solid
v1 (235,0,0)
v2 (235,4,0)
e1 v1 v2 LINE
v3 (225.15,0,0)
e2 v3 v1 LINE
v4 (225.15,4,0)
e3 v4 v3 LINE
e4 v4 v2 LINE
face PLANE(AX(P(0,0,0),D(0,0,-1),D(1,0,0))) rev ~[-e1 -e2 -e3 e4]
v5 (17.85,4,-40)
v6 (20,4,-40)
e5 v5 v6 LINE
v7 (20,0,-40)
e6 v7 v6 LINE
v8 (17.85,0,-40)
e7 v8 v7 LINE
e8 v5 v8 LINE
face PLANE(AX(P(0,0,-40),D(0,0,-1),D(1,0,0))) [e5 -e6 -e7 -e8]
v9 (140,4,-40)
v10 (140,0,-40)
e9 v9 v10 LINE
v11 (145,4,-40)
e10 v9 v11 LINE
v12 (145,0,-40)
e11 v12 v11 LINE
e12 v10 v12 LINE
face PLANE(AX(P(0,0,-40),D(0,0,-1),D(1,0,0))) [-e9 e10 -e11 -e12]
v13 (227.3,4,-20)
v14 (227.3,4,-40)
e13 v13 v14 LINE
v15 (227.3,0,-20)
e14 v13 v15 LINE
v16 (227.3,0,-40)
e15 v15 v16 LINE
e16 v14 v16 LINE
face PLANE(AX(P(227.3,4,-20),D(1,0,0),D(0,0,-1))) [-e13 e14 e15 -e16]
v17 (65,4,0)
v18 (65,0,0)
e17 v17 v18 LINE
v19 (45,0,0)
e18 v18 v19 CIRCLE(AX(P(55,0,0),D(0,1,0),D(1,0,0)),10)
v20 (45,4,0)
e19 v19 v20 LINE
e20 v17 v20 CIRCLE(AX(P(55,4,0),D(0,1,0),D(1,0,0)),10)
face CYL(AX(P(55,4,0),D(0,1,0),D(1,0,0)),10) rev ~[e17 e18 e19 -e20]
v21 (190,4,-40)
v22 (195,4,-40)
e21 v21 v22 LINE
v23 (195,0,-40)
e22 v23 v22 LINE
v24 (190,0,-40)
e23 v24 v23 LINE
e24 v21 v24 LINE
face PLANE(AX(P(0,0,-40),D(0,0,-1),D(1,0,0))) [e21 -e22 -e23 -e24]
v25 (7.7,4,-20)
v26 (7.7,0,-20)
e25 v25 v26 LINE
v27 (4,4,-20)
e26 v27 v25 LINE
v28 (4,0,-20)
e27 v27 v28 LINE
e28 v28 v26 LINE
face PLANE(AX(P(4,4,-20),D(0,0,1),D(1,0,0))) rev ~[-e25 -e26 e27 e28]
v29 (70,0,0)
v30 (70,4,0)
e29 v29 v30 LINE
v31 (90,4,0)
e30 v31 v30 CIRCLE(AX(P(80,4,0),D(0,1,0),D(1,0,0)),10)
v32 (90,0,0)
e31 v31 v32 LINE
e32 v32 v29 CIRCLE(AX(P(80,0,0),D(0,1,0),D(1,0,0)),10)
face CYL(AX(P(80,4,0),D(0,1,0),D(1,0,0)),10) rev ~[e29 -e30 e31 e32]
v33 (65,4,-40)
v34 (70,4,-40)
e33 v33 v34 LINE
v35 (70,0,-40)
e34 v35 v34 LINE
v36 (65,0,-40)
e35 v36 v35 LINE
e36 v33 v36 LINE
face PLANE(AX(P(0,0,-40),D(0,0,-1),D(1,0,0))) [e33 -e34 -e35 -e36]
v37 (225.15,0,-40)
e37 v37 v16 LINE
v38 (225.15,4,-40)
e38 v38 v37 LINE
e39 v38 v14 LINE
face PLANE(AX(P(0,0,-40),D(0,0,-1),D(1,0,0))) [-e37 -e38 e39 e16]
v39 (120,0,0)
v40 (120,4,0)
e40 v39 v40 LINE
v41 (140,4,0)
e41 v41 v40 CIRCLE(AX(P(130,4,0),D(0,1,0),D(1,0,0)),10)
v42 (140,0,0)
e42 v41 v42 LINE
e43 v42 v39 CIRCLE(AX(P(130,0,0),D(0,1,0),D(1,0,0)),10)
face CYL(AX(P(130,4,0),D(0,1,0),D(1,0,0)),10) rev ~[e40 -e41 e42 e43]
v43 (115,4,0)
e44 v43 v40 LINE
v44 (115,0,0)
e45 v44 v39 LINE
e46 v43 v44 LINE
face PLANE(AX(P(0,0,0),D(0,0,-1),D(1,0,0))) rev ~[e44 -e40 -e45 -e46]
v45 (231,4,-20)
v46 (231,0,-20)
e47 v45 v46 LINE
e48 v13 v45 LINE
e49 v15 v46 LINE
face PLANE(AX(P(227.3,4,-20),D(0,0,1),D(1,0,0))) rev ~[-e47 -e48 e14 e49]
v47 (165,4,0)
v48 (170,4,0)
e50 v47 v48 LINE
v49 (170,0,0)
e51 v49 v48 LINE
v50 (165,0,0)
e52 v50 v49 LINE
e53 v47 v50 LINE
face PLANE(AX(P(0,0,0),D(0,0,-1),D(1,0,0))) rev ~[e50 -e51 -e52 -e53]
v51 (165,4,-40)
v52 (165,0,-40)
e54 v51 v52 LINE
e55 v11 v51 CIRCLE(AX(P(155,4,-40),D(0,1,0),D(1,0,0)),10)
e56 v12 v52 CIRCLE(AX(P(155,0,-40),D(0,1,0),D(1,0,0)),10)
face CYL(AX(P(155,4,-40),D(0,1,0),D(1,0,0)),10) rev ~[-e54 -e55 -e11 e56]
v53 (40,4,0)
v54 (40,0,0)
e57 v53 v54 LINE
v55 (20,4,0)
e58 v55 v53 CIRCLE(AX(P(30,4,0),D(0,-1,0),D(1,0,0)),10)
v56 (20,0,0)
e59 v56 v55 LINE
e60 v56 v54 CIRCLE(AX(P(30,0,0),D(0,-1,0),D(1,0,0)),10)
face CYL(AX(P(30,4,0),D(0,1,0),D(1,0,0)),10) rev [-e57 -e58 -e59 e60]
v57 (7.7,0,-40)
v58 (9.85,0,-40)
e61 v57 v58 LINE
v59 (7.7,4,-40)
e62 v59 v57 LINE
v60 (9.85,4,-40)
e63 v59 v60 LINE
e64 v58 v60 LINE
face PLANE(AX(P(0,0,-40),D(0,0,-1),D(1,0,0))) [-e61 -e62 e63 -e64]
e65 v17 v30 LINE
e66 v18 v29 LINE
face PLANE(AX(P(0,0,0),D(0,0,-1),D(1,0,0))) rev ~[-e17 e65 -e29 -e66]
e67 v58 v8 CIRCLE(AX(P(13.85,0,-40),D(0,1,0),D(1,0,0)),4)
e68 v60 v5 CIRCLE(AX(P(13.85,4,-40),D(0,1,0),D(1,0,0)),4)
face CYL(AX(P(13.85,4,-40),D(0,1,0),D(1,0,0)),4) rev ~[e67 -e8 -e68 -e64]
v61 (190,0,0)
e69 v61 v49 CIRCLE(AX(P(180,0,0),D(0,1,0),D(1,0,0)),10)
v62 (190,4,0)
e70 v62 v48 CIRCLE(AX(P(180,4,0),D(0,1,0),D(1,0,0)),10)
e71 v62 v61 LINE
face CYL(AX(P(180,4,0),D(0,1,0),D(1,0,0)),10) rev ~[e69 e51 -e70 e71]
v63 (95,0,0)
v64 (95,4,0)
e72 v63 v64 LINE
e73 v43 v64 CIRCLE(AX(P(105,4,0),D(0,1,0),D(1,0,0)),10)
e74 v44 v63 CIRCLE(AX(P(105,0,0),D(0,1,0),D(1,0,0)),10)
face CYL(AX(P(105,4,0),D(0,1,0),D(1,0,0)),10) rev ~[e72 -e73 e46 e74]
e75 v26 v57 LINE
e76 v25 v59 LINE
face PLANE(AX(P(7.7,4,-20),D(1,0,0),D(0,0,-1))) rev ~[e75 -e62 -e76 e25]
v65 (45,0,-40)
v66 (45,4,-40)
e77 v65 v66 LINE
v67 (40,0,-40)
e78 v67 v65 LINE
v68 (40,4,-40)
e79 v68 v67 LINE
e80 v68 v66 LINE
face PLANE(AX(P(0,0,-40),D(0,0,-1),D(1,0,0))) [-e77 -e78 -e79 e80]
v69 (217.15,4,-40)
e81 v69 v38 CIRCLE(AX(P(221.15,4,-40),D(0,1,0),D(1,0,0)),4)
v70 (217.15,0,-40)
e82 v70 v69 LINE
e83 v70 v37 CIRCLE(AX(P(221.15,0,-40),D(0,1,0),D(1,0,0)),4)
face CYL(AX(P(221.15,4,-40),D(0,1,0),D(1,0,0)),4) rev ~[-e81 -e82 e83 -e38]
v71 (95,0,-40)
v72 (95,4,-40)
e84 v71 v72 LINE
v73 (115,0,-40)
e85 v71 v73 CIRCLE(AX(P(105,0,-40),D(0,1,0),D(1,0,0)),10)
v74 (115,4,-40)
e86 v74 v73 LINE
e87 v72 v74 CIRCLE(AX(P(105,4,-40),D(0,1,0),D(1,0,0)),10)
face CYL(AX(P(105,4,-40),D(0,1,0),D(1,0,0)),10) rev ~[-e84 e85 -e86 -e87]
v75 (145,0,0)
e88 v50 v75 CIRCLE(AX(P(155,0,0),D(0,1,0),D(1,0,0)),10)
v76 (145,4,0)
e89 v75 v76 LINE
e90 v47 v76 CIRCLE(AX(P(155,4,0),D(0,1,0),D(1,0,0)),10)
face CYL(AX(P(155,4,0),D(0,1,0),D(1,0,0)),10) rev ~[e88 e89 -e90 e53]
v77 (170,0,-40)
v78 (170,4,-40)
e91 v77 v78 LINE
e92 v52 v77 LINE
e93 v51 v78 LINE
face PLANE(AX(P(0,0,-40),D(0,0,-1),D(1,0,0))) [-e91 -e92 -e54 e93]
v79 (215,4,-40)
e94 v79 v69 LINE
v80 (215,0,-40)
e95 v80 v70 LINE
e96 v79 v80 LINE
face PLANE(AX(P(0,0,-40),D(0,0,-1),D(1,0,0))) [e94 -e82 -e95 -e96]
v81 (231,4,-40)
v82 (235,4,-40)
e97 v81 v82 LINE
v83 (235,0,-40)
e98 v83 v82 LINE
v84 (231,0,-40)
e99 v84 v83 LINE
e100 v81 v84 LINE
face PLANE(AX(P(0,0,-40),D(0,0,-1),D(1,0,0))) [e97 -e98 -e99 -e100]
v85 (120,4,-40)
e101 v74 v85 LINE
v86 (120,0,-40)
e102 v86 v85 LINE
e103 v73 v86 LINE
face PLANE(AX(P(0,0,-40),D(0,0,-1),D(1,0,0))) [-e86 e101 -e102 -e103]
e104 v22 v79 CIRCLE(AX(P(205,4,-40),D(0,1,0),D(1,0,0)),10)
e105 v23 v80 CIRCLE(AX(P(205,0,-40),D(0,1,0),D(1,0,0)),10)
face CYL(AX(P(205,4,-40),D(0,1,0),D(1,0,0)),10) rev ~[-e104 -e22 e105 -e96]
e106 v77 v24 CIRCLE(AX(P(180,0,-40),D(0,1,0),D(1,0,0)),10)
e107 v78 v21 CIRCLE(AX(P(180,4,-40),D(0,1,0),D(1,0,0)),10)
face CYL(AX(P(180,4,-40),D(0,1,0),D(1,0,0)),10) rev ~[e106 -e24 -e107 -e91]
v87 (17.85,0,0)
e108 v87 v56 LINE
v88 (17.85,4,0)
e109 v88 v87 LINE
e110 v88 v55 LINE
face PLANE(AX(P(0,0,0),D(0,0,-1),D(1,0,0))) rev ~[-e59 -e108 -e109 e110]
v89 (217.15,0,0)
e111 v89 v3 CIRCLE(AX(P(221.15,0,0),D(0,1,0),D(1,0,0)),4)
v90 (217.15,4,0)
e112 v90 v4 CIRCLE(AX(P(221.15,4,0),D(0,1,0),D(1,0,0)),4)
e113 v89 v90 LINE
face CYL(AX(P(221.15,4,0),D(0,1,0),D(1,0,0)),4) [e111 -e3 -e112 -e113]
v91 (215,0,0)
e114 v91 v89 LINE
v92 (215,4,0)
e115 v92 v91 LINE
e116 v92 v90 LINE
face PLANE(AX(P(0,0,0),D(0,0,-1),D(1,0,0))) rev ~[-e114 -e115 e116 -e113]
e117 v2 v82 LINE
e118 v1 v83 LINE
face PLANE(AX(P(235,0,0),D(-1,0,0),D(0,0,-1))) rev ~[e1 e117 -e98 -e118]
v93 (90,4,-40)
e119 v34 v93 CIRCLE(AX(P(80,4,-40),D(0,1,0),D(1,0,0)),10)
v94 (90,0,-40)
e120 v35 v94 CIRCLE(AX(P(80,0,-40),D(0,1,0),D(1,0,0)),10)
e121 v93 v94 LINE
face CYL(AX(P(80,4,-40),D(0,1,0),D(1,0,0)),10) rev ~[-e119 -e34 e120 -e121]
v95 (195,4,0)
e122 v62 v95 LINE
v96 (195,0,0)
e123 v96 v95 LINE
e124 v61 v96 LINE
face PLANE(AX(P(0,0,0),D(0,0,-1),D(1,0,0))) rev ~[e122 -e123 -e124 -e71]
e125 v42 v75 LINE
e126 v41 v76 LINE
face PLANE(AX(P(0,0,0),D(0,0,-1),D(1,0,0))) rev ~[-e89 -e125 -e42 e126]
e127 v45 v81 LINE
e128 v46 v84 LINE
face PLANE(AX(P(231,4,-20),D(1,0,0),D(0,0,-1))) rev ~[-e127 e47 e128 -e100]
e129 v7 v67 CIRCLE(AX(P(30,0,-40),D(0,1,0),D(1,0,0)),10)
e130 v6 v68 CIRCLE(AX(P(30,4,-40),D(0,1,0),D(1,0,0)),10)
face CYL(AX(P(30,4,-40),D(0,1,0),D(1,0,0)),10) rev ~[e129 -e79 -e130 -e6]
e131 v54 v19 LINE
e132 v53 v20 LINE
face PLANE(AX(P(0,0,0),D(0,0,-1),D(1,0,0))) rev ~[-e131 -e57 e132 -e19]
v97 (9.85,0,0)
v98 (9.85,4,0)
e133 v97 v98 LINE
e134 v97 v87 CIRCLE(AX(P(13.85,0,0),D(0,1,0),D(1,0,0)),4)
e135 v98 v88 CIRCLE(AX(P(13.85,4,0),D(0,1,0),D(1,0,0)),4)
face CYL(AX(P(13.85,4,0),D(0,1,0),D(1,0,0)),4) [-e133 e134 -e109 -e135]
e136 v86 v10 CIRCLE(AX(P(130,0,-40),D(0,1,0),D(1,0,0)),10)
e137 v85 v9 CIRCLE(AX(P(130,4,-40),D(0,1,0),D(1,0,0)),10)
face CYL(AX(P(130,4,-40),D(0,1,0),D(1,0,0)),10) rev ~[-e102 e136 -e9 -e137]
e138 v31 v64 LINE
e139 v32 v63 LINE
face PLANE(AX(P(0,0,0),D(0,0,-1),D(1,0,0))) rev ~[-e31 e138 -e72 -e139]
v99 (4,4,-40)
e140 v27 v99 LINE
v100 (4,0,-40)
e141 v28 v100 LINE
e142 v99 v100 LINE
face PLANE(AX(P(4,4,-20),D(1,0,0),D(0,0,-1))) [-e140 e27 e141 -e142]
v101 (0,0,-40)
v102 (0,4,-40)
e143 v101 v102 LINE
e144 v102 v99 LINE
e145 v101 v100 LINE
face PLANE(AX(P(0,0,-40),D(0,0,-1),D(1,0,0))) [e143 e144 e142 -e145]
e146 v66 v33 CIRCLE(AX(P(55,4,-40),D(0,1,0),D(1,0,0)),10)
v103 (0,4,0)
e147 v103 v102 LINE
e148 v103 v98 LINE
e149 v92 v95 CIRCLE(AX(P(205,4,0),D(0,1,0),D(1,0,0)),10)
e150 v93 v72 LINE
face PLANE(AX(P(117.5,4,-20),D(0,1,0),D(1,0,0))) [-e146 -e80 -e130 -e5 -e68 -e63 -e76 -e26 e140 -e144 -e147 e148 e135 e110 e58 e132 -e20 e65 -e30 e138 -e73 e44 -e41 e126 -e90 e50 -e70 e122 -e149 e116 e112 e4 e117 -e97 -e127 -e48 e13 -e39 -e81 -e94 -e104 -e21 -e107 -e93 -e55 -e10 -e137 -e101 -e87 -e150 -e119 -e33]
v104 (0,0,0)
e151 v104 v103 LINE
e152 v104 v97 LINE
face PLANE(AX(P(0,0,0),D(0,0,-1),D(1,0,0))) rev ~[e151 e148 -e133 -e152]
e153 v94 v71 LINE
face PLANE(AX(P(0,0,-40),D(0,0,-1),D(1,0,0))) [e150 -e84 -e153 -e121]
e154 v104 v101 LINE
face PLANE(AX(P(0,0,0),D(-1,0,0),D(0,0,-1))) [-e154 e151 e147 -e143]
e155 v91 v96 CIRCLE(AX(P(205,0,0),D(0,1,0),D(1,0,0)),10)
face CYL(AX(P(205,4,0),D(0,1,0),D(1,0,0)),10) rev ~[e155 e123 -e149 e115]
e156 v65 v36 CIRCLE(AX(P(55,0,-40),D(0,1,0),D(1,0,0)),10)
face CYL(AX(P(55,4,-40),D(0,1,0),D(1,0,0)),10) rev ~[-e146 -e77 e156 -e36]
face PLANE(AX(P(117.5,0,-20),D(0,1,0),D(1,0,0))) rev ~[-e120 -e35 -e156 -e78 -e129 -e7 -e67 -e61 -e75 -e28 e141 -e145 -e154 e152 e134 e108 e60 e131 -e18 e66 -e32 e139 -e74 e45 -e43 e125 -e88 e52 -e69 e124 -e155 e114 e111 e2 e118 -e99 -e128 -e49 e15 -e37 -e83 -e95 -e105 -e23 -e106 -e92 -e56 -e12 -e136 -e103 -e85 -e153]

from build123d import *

# Parameters (mm, degrees)
SKETCH1_W               = 235
SKETCH1_H               = 40
BOSS_EXTRUDE1_DEPTH     = 4
SKETCH2_W               = 3.7
SKETCH2_H               = 20
CUT_EXTRUDE1_DEPTH      = 4
SKETCH3_R               = 10
CUT_EXTRUDE2_DEPTH      = 4
LPATTERN1_COUNT         = 8
LPATTERN1_PITCH         = 25
SKETCH4_R               = 4
CUT_EXTRUDE3_DEPTH      = 4
SKETCH5_R               = 4
BOSS_EXTRUDE2_DEPTH     = 4
MIRROR1_COPY_1_SKETCH_R = 10
MIRROR1_COPY_1_DEPTH    = 4
MIRROR1_COPY_2_SKETCH_R = 10
MIRROR1_COPY_2_DEPTH    = 4
MIRROR1_COPY_3_SKETCH_R = 10
MIRROR1_COPY_3_DEPTH    = 4
MIRROR1_COPY_4_SKETCH_R = 10
MIRROR1_COPY_4_DEPTH    = 4
MIRROR1_COPY_5_SKETCH_R = 10
MIRROR1_COPY_5_DEPTH    = 4
MIRROR1_COPY_6_SKETCH_R = 10
MIRROR1_COPY_6_DEPTH    = 4
MIRROR1_COPY_7_SKETCH_R = 10
MIRROR1_COPY_7_DEPTH    = 4


with BuildPart() as part:
    # Sketch1 → Boss-Extrude1 (new body)
    with BuildSketch(Plane(origin=(0, 0, 0), x_dir=(1, 0, 0), z_dir=(0, 1, 0))):
        with Locations((117.5, 20)):
            Rectangle(SKETCH1_W, SKETCH1_H)
    extrude(amount=BOSS_EXTRUDE1_DEPTH)

    # Sketch2 → Cut-Extrude1 (cut)
    with BuildSketch(Plane(origin=(0, 4, 0), x_dir=(1, 0, 0), z_dir=(0, 1, 0))):
        with Locations((5.85, 30)):
            Rectangle(SKETCH2_W, SKETCH2_H)
        with Locations((229.15, 30)):
            Rectangle(SKETCH2_W, SKETCH2_H)
    extrude(amount=-CUT_EXTRUDE1_DEPTH, mode=Mode.SUBTRACT)

    # Sketch3 → Cut-Extrude2 (cut)
    with BuildSketch(Plane(origin=(0, 4, 0), x_dir=(1, 0, 0), z_dir=(0, 1, 0))):
        with Locations((30, 40)):
            Circle(SKETCH3_R)
    cut_extrude2 = extrude(amount=-CUT_EXTRUDE2_DEPTH, mode=Mode.SUBTRACT)

    # LPattern1: Cut-Extrude2 ×8
    with Locations(*[(i * LPATTERN1_PITCH, 0, 0) for i in range(1, LPATTERN1_COUNT)]):
        add(cut_extrude2, mode=Mode.SUBTRACT)

    # Sketch4 → Cut-Extrude3 (cut)
    with BuildSketch(Plane(origin=(0, 4, 0), x_dir=(1, 0, 0), z_dir=(0, 1, 0))):
        with Locations((221.15, 40)):
            Circle(SKETCH4_R)
        with Locations((13.85, 40)):
            Circle(SKETCH4_R)
    extrude(amount=-CUT_EXTRUDE3_DEPTH, mode=Mode.SUBTRACT)

    # Sketch5 → Boss-Extrude2 (add)
    with BuildSketch(Plane(origin=(0, 4, 0), x_dir=(1, 0, 0), z_dir=(0, 1, 0))):
        with Locations((221.15, 0)):
            Circle(SKETCH5_R)
        with Locations((13.85, 0)):
            Circle(SKETCH5_R)
    extrude(amount=-BOSS_EXTRUDE2_DEPTH)

    # Mirror1: Cut-Extrude2 across plane
    add(cut_extrude2.mirror(Plane(origin=(0, 0, -20), x_dir=(1, 0, 0), z_dir=(0, 0, -1))), mode=Mode.SUBTRACT)

    # Mirror1 copy 1 sketch → Mirror1 copy 1 (cut)
    with BuildSketch(Plane(origin=(25, 4, -40), x_dir=(1, 0, 0), z_dir=(0, 1, 0))):
        with Locations((30, -40)):
            Circle(MIRROR1_COPY_1_SKETCH_R)
    extrude(amount=-MIRROR1_COPY_1_DEPTH, mode=Mode.SUBTRACT)

    # Mirror1 copy 2 sketch → Mirror1 copy 2 (cut)
    with BuildSketch(Plane(origin=(50, 4, -40), x_dir=(1, 0, 0), z_dir=(0, 1, 0))):
        with Locations((30, -40)):
            Circle(MIRROR1_COPY_2_SKETCH_R)
    extrude(amount=-MIRROR1_COPY_2_DEPTH, mode=Mode.SUBTRACT)

    # Mirror1 copy 3 sketch → Mirror1 copy 3 (cut)
    with BuildSketch(Plane(origin=(75, 4, -40), x_dir=(1, 0, 0), z_dir=(0, 1, 0))):
        with Locations((30, -40)):
            Circle(MIRROR1_COPY_3_SKETCH_R)
    extrude(amount=-MIRROR1_COPY_3_DEPTH, mode=Mode.SUBTRACT)

    # Mirror1 copy 4 sketch → Mirror1 copy 4 (cut)
    with BuildSketch(Plane(origin=(100, 4, -40), x_dir=(1, 0, 0), z_dir=(0, 1, 0))):
        with Locations((30, -40)):
            Circle(MIRROR1_COPY_4_SKETCH_R)
    extrude(amount=-MIRROR1_COPY_4_DEPTH, mode=Mode.SUBTRACT)

    # Mirror1 copy 5 sketch → Mirror1 copy 5 (cut)
    with BuildSketch(Plane(origin=(125, 4, -40), x_dir=(1, 0, 0), z_dir=(0, 1, 0))):
        with Locations((30, -40)):
            Circle(MIRROR1_COPY_5_SKETCH_R)
    extrude(amount=-MIRROR1_COPY_5_DEPTH, mode=Mode.SUBTRACT)

    # Mirror1 copy 6 sketch → Mirror1 copy 6 (cut)
    with BuildSketch(Plane(origin=(150, 4, -40), x_dir=(1, 0, 0), z_dir=(0, 1, 0))):
        with Locations((30, -40)):
            Circle(MIRROR1_COPY_6_SKETCH_R)
    extrude(amount=-MIRROR1_COPY_6_DEPTH, mode=Mode.SUBTRACT)

    # Mirror1 copy 7 sketch → Mirror1 copy 7 (cut)
    with BuildSketch(Plane(origin=(175, 4, -40), x_dir=(1, 0, 0), z_dir=(0, 1, 0))):
        with Locations((30, -40)):
            Circle(MIRROR1_COPY_7_SKETCH_R)
    extrude(amount=-MIRROR1_COPY_7_DEPTH, mode=Mode.SUBTRACT)


solid = part.part
